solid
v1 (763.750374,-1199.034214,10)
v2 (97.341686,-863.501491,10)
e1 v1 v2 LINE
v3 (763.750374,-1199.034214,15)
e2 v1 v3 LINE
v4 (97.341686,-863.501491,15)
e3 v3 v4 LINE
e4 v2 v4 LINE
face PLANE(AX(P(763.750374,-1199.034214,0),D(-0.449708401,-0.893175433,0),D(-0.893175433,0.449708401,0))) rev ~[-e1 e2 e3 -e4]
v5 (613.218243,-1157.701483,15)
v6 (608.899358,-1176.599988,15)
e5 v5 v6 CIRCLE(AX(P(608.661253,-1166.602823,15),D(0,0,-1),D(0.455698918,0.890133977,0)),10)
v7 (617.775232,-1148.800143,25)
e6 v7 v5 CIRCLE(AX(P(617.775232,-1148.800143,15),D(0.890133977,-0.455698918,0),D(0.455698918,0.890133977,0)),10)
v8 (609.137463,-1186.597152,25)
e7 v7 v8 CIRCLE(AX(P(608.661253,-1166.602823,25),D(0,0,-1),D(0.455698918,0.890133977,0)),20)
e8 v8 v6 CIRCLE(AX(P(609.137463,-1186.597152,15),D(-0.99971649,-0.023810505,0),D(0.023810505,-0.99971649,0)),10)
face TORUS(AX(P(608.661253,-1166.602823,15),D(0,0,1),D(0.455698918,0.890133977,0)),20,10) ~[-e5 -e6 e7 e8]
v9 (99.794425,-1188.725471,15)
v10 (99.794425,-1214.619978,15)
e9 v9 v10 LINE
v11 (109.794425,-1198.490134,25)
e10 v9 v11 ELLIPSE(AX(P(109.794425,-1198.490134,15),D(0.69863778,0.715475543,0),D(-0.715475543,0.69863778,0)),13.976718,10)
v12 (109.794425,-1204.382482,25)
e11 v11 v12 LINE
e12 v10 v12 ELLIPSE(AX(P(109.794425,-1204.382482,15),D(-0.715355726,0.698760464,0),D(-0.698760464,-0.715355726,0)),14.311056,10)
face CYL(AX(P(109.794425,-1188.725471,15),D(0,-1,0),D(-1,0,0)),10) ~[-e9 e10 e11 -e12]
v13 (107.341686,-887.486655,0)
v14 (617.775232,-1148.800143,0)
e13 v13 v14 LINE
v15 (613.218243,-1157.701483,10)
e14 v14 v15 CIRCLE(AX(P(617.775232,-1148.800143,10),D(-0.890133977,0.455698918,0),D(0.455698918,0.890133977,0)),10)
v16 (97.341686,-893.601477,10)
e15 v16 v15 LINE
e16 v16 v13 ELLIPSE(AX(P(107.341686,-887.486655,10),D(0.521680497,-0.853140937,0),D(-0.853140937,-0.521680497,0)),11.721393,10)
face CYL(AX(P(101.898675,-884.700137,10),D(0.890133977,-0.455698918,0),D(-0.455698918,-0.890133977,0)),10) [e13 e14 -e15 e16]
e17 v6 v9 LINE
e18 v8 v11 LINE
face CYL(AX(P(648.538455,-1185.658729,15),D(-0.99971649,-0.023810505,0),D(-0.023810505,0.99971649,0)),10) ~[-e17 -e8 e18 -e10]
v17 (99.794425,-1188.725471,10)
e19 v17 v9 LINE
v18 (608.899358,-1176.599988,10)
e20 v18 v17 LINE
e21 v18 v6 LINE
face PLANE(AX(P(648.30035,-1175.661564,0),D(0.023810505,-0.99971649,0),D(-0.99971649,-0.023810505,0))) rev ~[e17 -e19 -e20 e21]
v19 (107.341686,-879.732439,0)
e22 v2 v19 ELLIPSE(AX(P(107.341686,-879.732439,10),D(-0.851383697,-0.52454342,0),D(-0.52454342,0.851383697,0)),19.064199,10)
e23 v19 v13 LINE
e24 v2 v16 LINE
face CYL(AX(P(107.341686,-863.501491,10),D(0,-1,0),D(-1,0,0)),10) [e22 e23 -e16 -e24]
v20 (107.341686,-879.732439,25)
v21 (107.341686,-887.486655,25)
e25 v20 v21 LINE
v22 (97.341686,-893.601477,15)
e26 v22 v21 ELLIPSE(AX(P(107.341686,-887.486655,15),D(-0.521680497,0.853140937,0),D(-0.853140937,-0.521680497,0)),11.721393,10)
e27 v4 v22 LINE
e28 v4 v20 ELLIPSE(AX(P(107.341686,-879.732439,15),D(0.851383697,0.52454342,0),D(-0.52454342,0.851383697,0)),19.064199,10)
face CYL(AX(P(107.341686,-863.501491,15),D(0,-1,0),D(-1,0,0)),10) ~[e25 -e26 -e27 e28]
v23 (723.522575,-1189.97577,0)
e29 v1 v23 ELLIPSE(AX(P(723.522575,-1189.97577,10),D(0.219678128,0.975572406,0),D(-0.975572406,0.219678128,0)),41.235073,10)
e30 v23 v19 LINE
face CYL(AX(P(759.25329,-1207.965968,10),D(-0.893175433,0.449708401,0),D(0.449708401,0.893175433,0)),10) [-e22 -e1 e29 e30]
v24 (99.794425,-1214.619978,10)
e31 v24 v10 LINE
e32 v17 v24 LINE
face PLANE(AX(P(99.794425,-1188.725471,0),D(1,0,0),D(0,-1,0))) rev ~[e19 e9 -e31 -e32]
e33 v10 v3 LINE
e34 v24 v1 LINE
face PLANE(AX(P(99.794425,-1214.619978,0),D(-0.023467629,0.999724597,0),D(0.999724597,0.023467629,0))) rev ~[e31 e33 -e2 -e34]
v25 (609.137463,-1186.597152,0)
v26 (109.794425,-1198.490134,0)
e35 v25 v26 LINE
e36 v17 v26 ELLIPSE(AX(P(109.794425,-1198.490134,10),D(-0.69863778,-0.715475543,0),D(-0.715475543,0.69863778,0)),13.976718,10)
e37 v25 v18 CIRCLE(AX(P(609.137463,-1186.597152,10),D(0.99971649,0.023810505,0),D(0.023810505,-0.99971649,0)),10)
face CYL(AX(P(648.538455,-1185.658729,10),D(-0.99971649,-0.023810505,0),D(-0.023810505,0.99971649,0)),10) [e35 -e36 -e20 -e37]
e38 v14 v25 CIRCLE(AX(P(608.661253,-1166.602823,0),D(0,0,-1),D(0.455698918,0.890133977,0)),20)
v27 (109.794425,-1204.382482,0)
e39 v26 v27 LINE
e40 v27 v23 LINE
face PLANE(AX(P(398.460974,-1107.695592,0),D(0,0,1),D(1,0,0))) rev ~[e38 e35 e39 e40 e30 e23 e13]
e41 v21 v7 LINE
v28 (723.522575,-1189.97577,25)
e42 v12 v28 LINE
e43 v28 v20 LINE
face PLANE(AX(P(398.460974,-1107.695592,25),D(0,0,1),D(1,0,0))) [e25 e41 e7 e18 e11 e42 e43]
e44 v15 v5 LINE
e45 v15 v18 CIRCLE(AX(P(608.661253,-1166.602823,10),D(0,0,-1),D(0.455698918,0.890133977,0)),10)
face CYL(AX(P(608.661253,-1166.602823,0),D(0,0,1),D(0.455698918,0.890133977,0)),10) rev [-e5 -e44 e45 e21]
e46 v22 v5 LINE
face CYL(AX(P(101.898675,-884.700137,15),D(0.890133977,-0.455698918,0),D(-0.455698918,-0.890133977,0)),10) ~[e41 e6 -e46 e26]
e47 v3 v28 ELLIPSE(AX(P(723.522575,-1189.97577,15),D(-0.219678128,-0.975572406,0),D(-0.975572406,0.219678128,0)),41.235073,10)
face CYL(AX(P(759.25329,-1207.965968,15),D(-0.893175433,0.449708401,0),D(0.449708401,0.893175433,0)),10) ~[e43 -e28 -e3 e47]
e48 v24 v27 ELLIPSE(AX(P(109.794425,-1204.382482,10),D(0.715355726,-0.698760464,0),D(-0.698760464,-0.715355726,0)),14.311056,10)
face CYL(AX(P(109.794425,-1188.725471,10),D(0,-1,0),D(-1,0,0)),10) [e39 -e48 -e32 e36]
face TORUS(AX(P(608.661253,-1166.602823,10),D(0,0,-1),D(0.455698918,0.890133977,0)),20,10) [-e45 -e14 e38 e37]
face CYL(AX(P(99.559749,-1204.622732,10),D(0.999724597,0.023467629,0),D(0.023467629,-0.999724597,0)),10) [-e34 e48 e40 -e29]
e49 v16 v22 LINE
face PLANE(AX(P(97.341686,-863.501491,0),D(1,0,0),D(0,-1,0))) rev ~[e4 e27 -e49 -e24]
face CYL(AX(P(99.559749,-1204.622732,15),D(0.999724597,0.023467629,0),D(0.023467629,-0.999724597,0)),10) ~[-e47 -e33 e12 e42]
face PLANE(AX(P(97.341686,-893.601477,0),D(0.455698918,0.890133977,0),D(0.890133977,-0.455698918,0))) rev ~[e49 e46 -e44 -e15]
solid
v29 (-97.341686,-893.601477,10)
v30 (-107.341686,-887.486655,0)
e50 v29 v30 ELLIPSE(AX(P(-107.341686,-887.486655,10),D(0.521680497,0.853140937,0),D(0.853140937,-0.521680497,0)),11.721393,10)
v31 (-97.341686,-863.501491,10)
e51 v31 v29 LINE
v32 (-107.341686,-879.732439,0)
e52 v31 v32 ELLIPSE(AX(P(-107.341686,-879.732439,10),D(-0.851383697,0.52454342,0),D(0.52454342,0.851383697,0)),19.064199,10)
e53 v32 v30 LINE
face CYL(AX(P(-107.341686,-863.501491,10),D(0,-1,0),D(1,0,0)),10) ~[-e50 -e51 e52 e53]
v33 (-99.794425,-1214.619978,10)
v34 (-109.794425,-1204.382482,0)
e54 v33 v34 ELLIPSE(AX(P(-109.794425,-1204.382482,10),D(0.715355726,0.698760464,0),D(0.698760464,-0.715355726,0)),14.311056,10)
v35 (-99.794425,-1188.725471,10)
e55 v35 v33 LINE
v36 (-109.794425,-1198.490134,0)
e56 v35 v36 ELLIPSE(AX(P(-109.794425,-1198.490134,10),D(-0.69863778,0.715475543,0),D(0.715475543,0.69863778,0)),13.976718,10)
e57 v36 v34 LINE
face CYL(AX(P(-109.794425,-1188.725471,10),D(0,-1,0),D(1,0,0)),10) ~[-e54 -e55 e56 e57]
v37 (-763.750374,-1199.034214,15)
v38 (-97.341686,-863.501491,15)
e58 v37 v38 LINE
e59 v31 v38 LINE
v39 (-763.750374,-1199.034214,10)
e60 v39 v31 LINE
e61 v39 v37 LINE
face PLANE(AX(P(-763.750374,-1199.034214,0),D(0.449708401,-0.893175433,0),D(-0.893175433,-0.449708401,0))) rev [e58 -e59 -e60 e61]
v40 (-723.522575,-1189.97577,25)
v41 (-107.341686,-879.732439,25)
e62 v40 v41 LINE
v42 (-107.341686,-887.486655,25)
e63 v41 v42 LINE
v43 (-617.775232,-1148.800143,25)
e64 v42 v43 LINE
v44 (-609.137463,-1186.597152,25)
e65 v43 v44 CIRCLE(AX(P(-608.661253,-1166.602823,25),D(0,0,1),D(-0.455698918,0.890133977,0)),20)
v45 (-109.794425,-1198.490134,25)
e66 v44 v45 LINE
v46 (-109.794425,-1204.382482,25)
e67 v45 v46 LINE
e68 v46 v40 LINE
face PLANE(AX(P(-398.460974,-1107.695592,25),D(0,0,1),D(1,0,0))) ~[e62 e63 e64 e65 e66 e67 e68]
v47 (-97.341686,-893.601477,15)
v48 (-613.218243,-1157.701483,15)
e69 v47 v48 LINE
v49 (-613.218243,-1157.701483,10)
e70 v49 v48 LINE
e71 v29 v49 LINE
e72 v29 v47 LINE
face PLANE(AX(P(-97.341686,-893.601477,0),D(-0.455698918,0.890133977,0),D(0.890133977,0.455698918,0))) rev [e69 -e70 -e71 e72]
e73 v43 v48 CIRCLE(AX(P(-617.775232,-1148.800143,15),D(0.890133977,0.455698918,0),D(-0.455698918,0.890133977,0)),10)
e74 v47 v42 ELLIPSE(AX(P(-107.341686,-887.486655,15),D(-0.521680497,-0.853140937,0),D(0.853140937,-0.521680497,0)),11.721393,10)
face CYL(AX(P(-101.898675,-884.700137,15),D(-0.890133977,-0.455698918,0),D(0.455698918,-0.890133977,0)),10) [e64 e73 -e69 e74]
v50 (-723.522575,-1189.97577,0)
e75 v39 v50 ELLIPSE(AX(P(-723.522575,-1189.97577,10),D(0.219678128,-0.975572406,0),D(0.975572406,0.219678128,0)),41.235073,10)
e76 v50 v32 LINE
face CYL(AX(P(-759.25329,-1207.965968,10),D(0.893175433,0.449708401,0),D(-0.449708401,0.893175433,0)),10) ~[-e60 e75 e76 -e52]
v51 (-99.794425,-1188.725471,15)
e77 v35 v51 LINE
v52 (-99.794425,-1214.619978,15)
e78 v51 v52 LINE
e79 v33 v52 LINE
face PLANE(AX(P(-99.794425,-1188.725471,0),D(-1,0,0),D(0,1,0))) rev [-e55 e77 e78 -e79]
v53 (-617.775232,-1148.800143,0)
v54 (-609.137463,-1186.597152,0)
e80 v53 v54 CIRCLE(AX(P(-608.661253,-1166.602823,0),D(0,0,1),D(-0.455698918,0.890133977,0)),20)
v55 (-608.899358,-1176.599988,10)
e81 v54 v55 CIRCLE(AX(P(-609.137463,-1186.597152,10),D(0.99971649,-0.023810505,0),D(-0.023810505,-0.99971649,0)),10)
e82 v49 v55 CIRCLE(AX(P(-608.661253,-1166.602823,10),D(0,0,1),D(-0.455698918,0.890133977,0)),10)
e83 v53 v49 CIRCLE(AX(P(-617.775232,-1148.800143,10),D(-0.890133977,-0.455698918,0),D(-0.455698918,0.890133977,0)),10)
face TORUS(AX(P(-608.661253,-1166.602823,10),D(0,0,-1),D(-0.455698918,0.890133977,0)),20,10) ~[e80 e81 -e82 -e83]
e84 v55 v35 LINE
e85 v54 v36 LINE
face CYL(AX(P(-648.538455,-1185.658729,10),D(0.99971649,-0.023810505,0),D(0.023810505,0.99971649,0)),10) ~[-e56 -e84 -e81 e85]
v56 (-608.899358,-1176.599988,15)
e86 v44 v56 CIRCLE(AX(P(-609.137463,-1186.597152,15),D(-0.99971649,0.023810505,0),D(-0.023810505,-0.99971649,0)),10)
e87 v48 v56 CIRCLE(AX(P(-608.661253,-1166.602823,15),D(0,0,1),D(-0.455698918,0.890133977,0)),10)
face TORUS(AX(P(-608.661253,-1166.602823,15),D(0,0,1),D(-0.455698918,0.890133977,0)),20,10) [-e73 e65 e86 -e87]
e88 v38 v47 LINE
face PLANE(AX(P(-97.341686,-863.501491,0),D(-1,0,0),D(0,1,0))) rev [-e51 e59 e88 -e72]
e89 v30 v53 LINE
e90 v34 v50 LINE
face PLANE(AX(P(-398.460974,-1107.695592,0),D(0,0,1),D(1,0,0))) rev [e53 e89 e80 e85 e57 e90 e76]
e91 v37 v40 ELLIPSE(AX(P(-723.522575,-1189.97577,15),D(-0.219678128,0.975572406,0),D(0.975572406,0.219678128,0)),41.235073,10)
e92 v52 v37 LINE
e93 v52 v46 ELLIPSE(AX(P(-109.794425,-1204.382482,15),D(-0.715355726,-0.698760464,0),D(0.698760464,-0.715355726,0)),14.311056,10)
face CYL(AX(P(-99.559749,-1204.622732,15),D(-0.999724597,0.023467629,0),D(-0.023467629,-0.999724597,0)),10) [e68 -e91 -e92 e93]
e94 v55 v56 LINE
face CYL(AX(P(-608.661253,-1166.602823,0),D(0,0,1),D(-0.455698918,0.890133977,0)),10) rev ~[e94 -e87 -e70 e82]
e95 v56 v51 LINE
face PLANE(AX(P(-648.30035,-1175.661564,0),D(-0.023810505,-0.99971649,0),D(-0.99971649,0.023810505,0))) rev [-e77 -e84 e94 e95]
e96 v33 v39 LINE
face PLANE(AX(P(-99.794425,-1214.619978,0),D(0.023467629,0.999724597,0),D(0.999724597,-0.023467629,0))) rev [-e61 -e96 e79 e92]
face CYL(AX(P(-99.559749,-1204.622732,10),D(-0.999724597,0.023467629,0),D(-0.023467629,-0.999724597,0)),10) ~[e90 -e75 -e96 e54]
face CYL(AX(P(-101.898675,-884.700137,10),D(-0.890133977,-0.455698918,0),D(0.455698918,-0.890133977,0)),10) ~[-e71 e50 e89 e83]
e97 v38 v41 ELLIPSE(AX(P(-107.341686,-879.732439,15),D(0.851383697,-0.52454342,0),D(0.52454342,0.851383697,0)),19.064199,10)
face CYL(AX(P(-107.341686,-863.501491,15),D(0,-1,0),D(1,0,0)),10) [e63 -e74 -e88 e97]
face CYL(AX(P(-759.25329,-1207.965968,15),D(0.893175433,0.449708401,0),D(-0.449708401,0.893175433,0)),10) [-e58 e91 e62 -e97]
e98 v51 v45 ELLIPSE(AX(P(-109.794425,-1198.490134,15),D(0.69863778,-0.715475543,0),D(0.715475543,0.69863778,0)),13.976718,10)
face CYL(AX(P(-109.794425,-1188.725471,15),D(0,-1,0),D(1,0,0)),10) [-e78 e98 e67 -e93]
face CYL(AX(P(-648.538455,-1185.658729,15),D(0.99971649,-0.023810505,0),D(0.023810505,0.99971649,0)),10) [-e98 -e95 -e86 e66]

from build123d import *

# Parameters (mm, degrees)
F1_DEPTH = 25
F2_R     = 10


with BuildPart() as f1:
    # F0 (on Top) → F1 (new body)
    with BuildSketch(Plane.XY):
        Polygon((763.750374, -1199.034214), (97.341686, -863.501491), (97.341686, -893.601477), (648.30035, -1175.661564), (99.794425, -1188.725471), (99.794425, -1214.619978), align=None)
    extrude(amount=F1_DEPTH)

    # F2
    f2_edges = [f1.edges().sort_by_distance(p)[0] for p in [
        (430.54603, -1031.267852, 25),
        (97.341686, -878.551484, 25),
        (372.821018, -1034.631521, 25),
        (374.047387, -1182.193518, 25),
        (99.794425, -1201.672725, 25),
        (431.7724, -1206.827096, 25),
        (430.54603, -1031.267852, 0),
        (97.341686, -878.551484, 0),
        (372.821018, -1034.631521, 0),
        (374.047387, -1182.193518, 0),
        (99.794425, -1201.672725, 0),
        (431.7724, -1206.827096, 0),
        (648.30035, -1175.661564, 12.5),
    ]]
    fillet(f2_edges, radius=F2_R)


with BuildPart() as f3_1:
    # F3: instance of F1
    add(f1.part.mirror(Plane.YZ))


solid = Compound([f1.part, f3_1.part])
